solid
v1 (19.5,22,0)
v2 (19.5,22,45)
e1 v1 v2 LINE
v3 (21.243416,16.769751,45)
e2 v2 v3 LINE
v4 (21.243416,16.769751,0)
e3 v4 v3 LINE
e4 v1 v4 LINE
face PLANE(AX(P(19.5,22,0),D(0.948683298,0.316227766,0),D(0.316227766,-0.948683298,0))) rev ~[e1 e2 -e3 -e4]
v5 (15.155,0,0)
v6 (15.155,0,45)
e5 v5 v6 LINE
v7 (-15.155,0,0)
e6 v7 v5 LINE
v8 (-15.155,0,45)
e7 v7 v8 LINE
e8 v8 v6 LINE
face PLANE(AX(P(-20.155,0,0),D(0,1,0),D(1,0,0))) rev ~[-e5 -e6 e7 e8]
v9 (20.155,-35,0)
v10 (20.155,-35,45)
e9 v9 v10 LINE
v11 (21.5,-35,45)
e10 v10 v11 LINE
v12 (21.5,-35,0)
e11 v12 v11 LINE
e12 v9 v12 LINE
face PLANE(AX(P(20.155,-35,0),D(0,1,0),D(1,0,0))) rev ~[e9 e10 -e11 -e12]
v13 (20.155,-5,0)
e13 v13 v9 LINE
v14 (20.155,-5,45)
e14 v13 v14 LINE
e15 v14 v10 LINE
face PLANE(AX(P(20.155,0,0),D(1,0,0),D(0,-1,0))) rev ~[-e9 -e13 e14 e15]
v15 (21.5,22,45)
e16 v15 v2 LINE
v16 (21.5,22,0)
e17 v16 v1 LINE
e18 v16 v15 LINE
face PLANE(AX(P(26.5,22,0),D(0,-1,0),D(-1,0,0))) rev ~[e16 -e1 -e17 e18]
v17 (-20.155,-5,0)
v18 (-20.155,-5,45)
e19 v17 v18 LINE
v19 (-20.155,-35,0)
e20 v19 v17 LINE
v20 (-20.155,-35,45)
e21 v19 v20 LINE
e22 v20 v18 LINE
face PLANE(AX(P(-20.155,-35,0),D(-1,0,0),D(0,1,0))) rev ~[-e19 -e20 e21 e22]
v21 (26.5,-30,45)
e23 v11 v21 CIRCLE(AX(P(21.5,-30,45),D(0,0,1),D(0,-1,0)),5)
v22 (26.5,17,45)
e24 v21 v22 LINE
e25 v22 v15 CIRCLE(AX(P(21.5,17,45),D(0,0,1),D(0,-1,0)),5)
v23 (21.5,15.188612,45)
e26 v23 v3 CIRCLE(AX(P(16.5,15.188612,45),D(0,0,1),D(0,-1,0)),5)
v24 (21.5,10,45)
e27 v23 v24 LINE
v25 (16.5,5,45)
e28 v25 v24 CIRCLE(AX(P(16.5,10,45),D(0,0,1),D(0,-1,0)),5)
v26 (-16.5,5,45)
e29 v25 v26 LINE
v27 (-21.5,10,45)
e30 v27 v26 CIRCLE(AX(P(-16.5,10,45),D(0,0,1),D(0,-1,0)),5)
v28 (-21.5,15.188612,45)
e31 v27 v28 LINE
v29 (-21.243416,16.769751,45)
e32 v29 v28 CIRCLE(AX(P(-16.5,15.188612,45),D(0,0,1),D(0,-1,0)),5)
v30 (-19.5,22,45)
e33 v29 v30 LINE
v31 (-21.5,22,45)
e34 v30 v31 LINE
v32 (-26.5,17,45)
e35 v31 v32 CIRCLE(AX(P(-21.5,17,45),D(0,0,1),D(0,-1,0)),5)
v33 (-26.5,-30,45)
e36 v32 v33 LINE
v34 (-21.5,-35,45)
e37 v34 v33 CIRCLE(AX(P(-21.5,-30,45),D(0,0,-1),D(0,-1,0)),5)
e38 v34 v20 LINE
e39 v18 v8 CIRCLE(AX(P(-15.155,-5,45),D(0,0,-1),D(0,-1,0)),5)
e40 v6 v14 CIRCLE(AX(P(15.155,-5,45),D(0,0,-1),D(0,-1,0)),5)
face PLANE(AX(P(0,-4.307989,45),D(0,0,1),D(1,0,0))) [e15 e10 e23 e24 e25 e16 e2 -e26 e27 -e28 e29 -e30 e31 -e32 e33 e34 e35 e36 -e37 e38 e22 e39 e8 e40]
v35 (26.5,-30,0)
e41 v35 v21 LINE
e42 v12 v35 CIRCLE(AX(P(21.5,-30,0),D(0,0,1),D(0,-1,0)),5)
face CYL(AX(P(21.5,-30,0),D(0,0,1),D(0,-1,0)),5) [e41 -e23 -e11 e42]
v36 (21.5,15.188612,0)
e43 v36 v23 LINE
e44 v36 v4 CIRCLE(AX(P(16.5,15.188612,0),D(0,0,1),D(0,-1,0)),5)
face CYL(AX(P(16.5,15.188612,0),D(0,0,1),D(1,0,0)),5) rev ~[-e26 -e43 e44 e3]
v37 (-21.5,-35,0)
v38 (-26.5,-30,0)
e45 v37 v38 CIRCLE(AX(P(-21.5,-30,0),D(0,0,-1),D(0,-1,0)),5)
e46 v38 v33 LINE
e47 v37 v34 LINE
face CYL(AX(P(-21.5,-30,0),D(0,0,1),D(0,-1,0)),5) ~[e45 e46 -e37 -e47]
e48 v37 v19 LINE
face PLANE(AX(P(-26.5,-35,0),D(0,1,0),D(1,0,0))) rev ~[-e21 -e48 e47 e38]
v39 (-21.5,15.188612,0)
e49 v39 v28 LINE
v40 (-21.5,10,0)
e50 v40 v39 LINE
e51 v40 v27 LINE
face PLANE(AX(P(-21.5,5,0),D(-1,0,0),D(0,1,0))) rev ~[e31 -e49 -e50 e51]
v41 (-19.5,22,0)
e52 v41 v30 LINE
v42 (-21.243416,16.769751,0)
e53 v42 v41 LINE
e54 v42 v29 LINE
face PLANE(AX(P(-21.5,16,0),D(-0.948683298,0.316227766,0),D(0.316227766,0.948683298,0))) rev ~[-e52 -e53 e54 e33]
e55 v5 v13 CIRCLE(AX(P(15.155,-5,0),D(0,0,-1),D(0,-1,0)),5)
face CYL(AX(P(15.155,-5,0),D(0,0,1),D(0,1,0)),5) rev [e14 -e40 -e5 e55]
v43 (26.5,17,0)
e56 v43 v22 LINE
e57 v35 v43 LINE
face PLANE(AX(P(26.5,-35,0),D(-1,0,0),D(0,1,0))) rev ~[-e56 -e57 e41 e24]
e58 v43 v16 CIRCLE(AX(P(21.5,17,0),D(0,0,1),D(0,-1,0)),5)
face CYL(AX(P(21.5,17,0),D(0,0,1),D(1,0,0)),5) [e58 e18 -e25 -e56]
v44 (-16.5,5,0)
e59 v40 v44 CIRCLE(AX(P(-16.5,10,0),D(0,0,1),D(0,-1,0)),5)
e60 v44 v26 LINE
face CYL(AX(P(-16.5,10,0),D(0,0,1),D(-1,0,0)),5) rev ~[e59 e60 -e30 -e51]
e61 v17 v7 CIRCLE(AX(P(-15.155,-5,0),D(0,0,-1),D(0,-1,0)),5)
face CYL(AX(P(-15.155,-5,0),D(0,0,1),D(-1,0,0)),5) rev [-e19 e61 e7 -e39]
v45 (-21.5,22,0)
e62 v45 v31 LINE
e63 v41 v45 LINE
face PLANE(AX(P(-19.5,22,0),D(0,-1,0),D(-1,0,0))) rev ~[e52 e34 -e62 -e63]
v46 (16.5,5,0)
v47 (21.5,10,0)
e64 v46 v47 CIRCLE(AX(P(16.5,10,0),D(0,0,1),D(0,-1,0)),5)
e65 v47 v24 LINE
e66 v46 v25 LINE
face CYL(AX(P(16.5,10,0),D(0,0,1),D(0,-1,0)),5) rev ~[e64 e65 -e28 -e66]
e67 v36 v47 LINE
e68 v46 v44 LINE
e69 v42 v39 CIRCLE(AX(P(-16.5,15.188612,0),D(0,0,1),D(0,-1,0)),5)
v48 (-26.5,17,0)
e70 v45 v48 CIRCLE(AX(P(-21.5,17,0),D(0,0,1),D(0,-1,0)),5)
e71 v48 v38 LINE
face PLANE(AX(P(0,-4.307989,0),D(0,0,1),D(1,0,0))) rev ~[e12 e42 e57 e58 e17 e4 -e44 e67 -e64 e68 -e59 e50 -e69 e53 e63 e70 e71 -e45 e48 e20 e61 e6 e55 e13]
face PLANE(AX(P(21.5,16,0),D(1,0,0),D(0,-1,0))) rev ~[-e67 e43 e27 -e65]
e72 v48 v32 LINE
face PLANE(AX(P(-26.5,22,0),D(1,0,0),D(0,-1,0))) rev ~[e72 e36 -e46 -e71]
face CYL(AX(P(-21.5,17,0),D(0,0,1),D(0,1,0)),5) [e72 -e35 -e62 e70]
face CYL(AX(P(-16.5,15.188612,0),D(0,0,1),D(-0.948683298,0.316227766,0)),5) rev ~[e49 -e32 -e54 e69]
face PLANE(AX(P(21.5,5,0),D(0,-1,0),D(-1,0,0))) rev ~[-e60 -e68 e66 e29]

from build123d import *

# Parameters (mm, degrees)
F1_DEPTH = 45
F2_R     = 5
F3_R     = 5
F4_R     = 5


with BuildPart() as f1:
    # F0 (on Top) → F1 (new body)
    with BuildSketch(Plane.XY):
        Polygon((-26.5, -35), (-20.155, -35), (-20.155, 0), (20.155, 0), (20.155, -35), (26.5, -35), (26.5, 22), (21.5, 22), (19.5, 22), (21.5, 16), (21.5, 5), (-21.5, 5), (-21.5, 16), (-19.5, 22), (-21.5, 22), (-26.5, 22), align=None)
    extrude(amount=F1_DEPTH)

    # F2
    f2_edges = [f1.edges().sort_by_distance(p)[0] for p in [
        (26.5, -35, 22.5),
        (-26.5, -35, 22.5),
        (-26.5, 22, 22.5),
        (26.5, 22, 22.5),
    ]]
    fillet(f2_edges, radius=F2_R)

    # F3
    f3_edges = [f1.edges().sort_by_distance(p)[0] for p in [
        (-21.5, 16, 22.5),
        (21.5, 16, 22.5),
        (-21.5, 5, 22.5),
        (21.5, 5, 22.5),
    ]]
    fillet(f3_edges, radius=F3_R)

    # F4
    f4_edges = [f1.edges().sort_by_distance(p)[0] for p in [
        (-20.155, 0, 22.5),
        (20.155, 0, 22.5),
    ]]
    fillet(f4_edges, radius=F4_R)


solid = f1.part
